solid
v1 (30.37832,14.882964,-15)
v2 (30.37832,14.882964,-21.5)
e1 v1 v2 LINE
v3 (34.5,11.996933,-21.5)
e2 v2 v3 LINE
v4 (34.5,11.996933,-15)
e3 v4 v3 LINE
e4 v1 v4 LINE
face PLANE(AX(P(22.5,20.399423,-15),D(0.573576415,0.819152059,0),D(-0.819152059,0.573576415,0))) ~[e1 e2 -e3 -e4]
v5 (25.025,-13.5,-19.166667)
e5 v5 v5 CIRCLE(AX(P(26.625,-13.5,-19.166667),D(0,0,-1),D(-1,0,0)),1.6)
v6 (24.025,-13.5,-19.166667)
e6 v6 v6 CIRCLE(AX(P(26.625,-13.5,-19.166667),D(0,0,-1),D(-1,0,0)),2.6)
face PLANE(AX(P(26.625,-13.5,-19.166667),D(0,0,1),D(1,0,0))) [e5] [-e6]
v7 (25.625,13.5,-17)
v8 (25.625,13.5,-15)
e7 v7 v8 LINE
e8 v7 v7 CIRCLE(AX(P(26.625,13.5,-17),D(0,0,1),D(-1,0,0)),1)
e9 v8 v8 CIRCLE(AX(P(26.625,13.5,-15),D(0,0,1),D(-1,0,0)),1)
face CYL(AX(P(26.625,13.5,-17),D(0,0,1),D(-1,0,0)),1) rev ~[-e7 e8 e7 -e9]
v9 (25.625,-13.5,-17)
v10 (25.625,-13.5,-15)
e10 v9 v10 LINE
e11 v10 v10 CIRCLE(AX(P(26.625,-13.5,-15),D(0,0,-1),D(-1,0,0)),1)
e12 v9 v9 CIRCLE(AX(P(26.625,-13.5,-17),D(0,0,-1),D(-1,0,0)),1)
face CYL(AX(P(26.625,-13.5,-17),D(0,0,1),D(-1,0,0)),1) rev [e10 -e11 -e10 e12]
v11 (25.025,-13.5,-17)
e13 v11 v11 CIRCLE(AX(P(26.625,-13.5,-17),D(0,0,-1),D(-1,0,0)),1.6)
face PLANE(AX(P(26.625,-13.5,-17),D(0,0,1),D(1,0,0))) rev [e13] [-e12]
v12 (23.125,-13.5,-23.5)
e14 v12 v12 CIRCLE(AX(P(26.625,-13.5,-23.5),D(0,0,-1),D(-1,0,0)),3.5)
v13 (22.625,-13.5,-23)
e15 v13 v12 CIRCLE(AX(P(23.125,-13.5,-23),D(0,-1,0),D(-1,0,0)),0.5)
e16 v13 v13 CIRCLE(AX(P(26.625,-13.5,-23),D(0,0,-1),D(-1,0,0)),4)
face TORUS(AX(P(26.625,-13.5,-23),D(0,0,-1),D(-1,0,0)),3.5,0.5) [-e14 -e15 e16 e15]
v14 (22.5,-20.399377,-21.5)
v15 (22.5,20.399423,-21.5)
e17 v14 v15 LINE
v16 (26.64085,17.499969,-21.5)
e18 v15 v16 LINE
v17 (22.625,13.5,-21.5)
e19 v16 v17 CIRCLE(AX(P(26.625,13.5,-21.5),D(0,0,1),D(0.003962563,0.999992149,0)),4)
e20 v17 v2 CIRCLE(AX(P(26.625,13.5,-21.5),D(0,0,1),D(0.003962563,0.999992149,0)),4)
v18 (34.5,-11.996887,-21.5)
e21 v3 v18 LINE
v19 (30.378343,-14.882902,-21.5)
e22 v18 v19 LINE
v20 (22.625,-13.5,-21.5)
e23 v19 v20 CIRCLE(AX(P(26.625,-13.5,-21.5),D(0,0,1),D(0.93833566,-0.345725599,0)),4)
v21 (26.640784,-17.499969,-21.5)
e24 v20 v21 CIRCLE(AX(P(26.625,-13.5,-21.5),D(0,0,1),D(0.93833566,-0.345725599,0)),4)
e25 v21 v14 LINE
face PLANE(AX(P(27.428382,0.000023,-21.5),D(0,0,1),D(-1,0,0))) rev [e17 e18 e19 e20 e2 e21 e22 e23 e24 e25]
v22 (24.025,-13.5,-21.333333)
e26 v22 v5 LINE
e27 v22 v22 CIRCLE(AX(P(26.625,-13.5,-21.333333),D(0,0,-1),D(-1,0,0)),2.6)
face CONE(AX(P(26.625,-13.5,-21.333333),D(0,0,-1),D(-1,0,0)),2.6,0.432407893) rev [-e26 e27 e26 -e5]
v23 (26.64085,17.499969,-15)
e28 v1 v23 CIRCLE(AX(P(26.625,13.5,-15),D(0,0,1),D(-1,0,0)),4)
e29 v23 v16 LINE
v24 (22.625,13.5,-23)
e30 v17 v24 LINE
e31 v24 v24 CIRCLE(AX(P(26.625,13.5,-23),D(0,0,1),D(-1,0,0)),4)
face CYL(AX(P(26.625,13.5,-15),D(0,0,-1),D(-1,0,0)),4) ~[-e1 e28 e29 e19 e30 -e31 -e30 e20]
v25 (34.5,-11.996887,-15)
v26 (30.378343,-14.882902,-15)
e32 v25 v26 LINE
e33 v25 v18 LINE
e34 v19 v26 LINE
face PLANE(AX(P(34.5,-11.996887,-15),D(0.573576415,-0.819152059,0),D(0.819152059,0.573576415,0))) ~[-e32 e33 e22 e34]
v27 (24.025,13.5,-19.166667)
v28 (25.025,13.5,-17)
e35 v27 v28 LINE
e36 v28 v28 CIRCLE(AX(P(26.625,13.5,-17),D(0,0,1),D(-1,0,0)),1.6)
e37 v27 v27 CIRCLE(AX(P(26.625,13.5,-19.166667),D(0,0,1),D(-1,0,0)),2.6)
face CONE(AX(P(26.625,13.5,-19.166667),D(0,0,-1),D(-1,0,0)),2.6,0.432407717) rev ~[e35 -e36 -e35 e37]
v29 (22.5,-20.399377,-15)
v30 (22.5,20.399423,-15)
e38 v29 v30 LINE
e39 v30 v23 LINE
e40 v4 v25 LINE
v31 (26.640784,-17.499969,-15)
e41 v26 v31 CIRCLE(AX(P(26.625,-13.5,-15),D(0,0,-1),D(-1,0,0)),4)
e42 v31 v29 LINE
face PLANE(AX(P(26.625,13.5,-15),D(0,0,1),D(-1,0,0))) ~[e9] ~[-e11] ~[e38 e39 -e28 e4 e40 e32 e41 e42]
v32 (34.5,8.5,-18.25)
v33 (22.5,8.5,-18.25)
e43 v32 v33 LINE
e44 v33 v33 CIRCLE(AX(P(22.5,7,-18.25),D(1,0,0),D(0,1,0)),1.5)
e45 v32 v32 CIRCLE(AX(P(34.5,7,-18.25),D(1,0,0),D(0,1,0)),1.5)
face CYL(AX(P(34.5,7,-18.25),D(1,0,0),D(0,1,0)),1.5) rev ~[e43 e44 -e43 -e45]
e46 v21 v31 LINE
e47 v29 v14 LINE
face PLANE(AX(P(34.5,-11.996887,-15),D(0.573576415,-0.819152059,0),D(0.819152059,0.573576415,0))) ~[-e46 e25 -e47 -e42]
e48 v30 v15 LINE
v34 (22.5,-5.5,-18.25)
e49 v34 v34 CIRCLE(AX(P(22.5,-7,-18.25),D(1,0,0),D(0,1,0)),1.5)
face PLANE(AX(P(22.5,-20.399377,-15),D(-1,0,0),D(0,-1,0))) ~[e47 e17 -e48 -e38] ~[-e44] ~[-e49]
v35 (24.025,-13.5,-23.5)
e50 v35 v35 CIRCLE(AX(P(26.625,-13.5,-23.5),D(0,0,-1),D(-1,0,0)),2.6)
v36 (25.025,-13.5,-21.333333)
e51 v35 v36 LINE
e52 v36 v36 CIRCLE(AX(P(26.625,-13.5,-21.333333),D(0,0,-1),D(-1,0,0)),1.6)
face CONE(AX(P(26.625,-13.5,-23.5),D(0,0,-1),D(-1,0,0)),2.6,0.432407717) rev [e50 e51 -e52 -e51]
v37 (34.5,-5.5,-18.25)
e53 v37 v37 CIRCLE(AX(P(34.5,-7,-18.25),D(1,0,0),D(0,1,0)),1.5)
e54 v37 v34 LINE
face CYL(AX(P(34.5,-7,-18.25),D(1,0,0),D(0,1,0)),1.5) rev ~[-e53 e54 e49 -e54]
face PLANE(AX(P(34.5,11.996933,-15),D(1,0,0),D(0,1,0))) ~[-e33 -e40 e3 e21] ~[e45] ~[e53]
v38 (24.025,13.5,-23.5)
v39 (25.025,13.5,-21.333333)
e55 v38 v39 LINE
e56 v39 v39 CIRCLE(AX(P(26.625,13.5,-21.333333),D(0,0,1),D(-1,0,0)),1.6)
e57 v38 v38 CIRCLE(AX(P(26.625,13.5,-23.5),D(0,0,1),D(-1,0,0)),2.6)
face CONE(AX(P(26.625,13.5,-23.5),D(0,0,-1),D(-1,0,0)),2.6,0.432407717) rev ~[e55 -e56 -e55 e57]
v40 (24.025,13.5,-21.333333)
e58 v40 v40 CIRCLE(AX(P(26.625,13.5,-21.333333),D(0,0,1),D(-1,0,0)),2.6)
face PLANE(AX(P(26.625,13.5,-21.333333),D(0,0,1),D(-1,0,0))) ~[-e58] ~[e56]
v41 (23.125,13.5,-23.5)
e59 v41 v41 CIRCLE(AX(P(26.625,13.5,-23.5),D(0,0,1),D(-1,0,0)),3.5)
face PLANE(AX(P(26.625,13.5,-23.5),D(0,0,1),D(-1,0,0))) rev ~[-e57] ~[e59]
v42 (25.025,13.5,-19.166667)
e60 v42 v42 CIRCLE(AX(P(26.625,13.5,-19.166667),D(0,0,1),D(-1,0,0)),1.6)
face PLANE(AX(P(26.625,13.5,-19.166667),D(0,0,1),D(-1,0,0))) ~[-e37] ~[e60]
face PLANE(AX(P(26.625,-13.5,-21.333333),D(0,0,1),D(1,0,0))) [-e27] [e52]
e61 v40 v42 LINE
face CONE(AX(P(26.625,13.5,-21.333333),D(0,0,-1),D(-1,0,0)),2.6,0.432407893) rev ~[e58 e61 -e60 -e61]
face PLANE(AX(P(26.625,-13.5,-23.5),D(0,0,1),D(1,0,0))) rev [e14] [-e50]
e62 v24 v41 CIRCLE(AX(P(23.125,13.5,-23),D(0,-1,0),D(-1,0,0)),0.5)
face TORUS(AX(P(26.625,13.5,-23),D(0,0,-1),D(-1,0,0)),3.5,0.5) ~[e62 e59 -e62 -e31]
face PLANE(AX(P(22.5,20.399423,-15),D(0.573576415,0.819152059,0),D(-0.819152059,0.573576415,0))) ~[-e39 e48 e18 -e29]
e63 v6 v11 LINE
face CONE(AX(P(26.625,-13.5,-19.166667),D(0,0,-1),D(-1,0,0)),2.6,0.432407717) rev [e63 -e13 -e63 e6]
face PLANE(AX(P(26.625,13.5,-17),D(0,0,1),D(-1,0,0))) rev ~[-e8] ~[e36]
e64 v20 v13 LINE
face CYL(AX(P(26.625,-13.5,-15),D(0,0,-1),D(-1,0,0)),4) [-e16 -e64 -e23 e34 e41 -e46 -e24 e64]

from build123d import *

# Parameters (mm, degrees)
SKETCH020_R      = 1.5
EXTRUDE013_DEPTH = 100
SKETCH019_R      = 4
EXTRUDE012_DEPTH = 10
EXTRUDE014_DEPTH = 6.5
FILLET017_R      = 0.5
FILLET018_R      = 0.5


with BuildPart() as extrude013:
    # Sketch020 → Extrude013 (new body)
    with BuildSketch(Plane.YZ.offset(34.5)):
        with Locations((-7, -18.25)):
            Circle(SKETCH020_R)
        with Locations((7, -18.25)):
            Circle(SKETCH020_R)
    extrude(amount=-EXTRUDE013_DEPTH)


with BuildPart() as extrude012:
    # Sketch019 → Extrude012 (new body, symmetric)
    with BuildSketch(Plane.XY.offset(-20)):
        with Locations((26.625, 13.5)):
            Circle(SKETCH019_R)
        with Locations((26.625, -13.5)):
            Circle(SKETCH019_R)
    extrude(amount=EXTRUDE012_DEPTH, both=True)


with BuildPart() as extrude014:
    # Sketch022 → Extrude014 (new body)
    with BuildSketch(Plane(origin=(0, 0, -15), x_dir=(1, 0, 0), z_dir=(0, 0, -1))):
        Polygon((-22.5, 20.399377), (-22.5, -20.399423), (-34.5, -11.996933), (-34.5, 11.996887), align=None)
    extrude(amount=EXTRUDE014_DEPTH)


with BuildPart() as cut012:
    # Part__Mirroring001: instance of Extrude014
    add(extrude014.part.mirror(Plane(origin=(0, 0, 0), x_dir=(0, -1, 0), z_dir=(1, 0, 0))))

    # Cut011: cut Extrude012
    add(extrude012.part, mode=Mode.SUBTRACT)

    # Cut012: cut Extrude013
    add(extrude013.part, mode=Mode.SUBTRACT)


with BuildPart() as fillet017:
    # Sketch041 → Revolve003 (revolve)
    with BuildSketch(Plane.XZ):
        Polygon((22.625, -15), (22.625, -23.5), (24.025, -23.5), (25.025, -21.333333), (24.025, -21.333333), (25.025, -19.166667), (24.025, -19.166667), (25.025, -17), (25.625, -17), (25.625, -15), align=None)
    revolve(axis=Axis((26.625, 0, 0), (0, 0, 1)))


with BuildPart() as fillet017_1:
    # Revolve003 placement: moved
    add(fillet017.part.moved(Location((0, 13.5, 0))))

    # Fillet017
    fillet017_edges = [fillet017_1.edges().sort_by_distance(p)[0] for p in [
        (30.625, 13.5, -23.5),
    ]]
    fillet(fillet017_edges, radius=FILLET017_R)


with BuildPart() as fillet018:
    # Sketch042 → Revolve004 (revolve)
    with BuildSketch(Plane.XZ):
        Polygon((22.625, -15), (22.625, -23.5), (24.025, -23.5), (25.025, -21.333333), (24.025, -21.333333), (25.025, -19.166667), (24.025, -19.166667), (25.025, -17), (25.625, -17), (25.625, -15), align=None)
    revolve(axis=Axis((26.625, 0, 0), (0, 0, 1)))


with BuildPart() as fillet018_1:
    # Revolve004 placement: moved
    add(fillet018.part.moved(Location((0, 13.5, 0))))

    # Fillet018
    fillet018_edges = [fillet018_1.edges().sort_by_distance(p)[0] for p in [
        (30.625, 13.5, -23.5),
    ]]
    fillet(fillet018_edges, radius=FILLET018_R)


with BuildPart() as boden_tube_bracket_w_one_way_fitting:
    # Part__Mirroring002: instance of Fillet018
    add(fillet018_1.part.mirror(Plane(origin=(0, 0, 0), x_dir=(1, 0, 0), z_dir=(0, 1, 0))))

    # Fusion014: union Cut012, Fillet017
    add(cut012.part)
    add(fillet017_1.part)


solid = boden_tube_bracket_w_one_way_fitting.part
